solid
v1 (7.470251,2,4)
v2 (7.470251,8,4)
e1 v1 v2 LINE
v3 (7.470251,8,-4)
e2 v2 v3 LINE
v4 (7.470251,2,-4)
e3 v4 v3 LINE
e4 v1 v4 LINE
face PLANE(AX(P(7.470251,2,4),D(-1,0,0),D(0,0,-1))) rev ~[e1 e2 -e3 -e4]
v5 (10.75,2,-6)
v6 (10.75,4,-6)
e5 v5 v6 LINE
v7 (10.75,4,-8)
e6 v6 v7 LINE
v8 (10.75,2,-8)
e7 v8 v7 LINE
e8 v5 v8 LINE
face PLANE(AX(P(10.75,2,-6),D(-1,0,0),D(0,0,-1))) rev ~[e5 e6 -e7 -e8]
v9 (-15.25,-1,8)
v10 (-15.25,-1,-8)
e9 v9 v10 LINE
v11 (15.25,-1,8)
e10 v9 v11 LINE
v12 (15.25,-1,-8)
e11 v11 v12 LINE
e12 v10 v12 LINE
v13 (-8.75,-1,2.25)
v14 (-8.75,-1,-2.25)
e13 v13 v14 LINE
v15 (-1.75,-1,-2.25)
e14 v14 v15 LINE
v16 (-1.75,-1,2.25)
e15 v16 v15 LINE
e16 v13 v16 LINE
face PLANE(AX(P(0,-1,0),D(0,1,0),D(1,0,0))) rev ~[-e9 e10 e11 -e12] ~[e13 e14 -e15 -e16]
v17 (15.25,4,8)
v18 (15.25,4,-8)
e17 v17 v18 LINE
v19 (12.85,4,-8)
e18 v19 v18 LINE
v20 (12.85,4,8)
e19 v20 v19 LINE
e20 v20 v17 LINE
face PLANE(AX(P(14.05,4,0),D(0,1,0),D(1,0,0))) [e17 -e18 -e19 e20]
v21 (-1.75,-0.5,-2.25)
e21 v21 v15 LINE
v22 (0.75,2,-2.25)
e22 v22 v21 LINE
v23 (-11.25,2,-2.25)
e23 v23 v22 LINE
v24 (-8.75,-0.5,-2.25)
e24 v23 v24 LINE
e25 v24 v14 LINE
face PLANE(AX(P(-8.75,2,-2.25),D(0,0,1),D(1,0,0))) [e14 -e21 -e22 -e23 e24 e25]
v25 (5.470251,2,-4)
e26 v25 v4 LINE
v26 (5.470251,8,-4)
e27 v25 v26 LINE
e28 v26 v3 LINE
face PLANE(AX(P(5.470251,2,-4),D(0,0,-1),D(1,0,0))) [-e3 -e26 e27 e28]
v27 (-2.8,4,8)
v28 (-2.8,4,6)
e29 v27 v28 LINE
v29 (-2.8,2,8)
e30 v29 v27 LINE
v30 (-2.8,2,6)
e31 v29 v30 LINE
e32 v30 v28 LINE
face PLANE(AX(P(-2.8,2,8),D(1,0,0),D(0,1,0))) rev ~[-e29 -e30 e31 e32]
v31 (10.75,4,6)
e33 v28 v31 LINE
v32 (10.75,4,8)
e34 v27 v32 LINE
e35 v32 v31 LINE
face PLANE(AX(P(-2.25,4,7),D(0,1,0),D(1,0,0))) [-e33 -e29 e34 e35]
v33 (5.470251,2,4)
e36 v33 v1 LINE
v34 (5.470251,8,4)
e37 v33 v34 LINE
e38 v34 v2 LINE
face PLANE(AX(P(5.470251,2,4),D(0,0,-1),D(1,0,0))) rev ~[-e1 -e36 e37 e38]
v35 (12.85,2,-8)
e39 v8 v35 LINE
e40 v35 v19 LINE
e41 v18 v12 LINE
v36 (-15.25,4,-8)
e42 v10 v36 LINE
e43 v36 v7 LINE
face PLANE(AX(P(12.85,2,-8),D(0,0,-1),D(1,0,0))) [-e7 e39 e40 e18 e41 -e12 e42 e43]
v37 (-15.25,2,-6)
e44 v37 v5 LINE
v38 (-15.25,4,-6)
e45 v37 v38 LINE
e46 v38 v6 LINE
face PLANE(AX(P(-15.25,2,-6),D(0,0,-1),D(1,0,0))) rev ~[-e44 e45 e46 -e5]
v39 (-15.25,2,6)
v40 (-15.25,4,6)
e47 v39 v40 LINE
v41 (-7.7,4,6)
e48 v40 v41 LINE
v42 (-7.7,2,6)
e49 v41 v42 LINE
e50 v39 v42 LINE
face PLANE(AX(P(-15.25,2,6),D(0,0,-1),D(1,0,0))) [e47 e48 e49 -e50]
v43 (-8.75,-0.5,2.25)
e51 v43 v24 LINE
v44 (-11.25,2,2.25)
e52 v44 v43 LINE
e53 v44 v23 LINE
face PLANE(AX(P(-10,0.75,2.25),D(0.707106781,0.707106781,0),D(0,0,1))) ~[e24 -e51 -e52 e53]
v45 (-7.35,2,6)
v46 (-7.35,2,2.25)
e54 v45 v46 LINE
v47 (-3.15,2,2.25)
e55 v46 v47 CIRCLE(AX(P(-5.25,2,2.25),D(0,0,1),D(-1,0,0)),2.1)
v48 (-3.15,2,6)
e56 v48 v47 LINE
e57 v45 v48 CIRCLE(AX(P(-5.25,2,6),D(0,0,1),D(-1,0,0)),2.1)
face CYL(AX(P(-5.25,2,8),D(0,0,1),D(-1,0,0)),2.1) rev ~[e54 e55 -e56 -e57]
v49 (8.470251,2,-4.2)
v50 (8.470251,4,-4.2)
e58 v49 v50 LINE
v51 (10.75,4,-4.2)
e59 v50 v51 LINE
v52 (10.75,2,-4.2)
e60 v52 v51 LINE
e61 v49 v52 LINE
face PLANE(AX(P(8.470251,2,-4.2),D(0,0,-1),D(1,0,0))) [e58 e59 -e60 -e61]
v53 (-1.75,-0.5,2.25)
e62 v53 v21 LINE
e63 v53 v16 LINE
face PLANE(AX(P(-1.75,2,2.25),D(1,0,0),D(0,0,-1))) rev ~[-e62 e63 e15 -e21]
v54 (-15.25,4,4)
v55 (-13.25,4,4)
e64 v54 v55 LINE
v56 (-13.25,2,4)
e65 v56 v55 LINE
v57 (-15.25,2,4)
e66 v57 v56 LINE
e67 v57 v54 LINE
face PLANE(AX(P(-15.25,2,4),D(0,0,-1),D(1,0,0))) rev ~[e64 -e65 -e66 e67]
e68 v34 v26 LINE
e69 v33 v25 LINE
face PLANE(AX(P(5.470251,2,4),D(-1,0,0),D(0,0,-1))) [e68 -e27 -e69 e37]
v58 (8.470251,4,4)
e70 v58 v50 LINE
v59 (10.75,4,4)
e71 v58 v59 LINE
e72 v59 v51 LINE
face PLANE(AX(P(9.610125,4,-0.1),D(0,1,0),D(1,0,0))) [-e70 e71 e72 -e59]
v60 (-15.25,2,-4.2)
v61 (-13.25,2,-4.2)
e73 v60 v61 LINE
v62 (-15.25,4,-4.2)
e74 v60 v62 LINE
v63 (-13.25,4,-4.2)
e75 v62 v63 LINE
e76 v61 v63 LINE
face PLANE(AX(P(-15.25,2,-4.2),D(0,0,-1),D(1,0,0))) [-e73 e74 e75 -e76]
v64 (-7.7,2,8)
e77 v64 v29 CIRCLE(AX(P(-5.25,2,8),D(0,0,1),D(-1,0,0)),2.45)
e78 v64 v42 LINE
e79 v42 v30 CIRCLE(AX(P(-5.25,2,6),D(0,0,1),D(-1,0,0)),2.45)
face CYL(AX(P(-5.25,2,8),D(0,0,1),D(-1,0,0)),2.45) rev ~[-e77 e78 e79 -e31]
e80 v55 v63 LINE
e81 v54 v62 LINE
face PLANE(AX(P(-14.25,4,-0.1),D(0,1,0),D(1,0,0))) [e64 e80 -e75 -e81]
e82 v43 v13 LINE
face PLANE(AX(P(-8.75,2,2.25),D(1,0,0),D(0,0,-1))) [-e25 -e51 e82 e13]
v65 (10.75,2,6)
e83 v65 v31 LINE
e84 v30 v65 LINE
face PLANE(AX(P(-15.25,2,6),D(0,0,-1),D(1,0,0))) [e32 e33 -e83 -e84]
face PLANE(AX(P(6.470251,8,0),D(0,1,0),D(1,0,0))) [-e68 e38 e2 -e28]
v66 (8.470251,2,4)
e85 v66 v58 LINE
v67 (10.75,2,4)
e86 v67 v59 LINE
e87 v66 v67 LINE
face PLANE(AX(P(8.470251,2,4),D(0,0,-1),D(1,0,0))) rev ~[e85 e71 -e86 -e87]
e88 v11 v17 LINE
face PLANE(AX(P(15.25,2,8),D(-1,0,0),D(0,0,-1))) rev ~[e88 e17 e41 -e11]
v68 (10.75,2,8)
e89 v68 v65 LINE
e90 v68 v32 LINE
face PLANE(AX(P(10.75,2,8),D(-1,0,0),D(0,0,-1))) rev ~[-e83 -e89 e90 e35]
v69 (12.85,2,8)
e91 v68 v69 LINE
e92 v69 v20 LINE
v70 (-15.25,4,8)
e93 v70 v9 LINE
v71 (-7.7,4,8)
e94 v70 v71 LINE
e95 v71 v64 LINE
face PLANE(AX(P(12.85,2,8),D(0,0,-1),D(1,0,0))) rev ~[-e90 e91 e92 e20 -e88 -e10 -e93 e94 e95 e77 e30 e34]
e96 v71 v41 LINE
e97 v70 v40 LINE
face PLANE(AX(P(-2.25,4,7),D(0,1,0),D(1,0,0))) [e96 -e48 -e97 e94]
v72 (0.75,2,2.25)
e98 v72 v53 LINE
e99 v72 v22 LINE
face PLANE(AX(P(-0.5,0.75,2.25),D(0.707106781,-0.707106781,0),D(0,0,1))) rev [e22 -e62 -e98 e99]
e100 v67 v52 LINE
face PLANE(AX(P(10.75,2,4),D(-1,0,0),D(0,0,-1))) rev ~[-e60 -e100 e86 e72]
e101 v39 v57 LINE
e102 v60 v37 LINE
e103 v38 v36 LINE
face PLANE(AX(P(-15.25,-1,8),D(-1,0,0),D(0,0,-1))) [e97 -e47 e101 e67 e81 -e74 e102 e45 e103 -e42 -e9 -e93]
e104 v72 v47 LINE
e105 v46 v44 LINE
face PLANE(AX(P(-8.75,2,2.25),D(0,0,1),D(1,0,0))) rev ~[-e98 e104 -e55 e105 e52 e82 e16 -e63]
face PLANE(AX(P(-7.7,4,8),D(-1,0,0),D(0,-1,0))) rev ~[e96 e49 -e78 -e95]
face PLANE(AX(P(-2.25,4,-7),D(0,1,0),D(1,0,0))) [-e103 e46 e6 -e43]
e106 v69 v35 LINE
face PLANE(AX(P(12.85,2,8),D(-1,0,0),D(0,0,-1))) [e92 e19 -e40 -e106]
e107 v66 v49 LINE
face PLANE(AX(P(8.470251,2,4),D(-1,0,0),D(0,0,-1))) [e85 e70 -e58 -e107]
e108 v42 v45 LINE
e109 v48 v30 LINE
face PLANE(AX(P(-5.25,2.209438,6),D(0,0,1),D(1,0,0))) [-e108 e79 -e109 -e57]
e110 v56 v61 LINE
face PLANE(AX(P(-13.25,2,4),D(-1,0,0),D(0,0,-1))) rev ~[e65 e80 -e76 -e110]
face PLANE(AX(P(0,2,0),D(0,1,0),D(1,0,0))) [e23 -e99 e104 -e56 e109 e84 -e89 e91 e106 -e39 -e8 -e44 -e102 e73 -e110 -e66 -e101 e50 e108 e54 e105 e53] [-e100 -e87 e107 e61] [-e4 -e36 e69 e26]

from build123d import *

# Parameters (mm, degrees)
BOSS_EXTRUDE1_DEPTH      = 2
BOSS_EXTRUDE1_DEPTH_BACK = 1
SKETCH1_W                = 30.5
SKETCH1_H                = 16
SKETCH2_W                = 2.4
SKETCH2_H                = 16
SKETCH2_W_2              = 26
SKETCH2_H_2              = 2
SKETCH2_W_3              = 2
SKETCH2_H_3              = 8.2
SKETCH2_W_4              = 2.279749354
BOSS_EXTRUDE2_DEPTH      = 2
SKETCH3_W                = 2
SKETCH3_H                = 8
BOSS_EXTRUDE3_DEPTH      = 6
SKETCH4_W                = 7
SKETCH4_H                = 4.5
CUT_EXTRUDE1_DEPTH       = 3
CUT_EXTRUDE2_DEPTH       = 7
CUT_EXTRUDE3_DEPTH       = 2
CHAMFER1_SIZE            = 2.5


with BuildPart() as part:
    # Sketch1 → Boss-Extrude1 (new, two sides: drawn at the far end of the back side and taken through both)
    with BuildSketch(Plane(origin=(0, 0, 0), x_dir=(1, 0, 0), z_dir=(0, 1, 0)).offset(-BOSS_EXTRUDE1_DEPTH_BACK)):
        Rectangle(SKETCH1_W, SKETCH1_H)
    extrude(amount=BOSS_EXTRUDE1_DEPTH + BOSS_EXTRUDE1_DEPTH_BACK)

    # Sketch2 → Boss-Extrude2 (add)
    with BuildSketch(Plane(origin=(0, 2, 0), x_dir=(1, 0, 0), z_dir=(0, 1, 0))):
        with Locations((14.05, 0)):
            Rectangle(SKETCH2_W, SKETCH2_H)
        with Locations((-2.25, 7)):
            Rectangle(SKETCH2_W_2, SKETCH2_H_2)
        with Locations((-2.25, -7)):
            Rectangle(SKETCH2_W_2, SKETCH2_H_2)
        with Locations((-14.25, 0.1)):
            Rectangle(SKETCH2_W_3, SKETCH2_H_3)
        with Locations((9.610125323, 0.1)):
            Rectangle(SKETCH2_W_4, SKETCH2_H_3)
    extrude(amount=BOSS_EXTRUDE2_DEPTH)

    # Sketch3 → Boss-Extrude3 (add)
    with BuildSketch(Plane(origin=(0, 2, 0), x_dir=(1, 0, 0), z_dir=(0, 1, 0))):
        with Locations((6.470250646, 0)):
            Rectangle(SKETCH3_W, SKETCH3_H)
    extrude(amount=BOSS_EXTRUDE3_DEPTH)

    # Sketch4 → Cut-Extrude1 (cut)
    with BuildSketch(Plane(origin=(0, 2, 0), x_dir=(1, 0, 0), z_dir=(0, 1, 0))):
        with Locations((-5.25, 0)):
            Rectangle(SKETCH4_W, SKETCH4_H)
    extrude(amount=-CUT_EXTRUDE1_DEPTH, mode=Mode.SUBTRACT)

    # Sketch5 → Cut-Extrude2 (cut)
    with BuildSketch(Plane(origin=(0, 0, 8), x_dir=(-1, 0, 0), z_dir=(0, 0, -1))):
        with BuildLine():
            Line((3.15, 2), (3.15, 4.2))
            Line((3.15, 4.2), (7.35, 4.2))
            Line((7.35, 4.2), (7.35, 2))
            ThreePointArc((7.35, 2), (5.25, -0.1), (3.15, 2))
        make_face()
    extrude(amount=CUT_EXTRUDE2_DEPTH, mode=Mode.SUBTRACT)

    # Sketch6 → Cut-Extrude3 (cut)
    with BuildSketch(Plane.XY.offset(8)):
        with BuildLine():
            Line((-7.7, 4), (-7.7, 2))
            ThreePointArc((-7.7, 2), (-5.25, -0.45), (-2.8, 2))
            Line((-2.8, 2), (-2.8, 4))
            Line((-2.8, 4), (-3, 4))
            Line((-3, 4), (-7.5, 4))
            Line((-7.5, 4), (-7.7, 4))
        make_face()
    extrude(amount=-CUT_EXTRUDE3_DEPTH, mode=Mode.SUBTRACT)

    # Chamfer1
    chamfer1_edges = [part.edges().sort_by_distance(p)[0] for p in [
        (-1.75, 2, 0),
        (-8.75, 2, 0),
    ]]
    chamfer(chamfer1_edges, length=CHAMFER1_SIZE)


solid = part.part
